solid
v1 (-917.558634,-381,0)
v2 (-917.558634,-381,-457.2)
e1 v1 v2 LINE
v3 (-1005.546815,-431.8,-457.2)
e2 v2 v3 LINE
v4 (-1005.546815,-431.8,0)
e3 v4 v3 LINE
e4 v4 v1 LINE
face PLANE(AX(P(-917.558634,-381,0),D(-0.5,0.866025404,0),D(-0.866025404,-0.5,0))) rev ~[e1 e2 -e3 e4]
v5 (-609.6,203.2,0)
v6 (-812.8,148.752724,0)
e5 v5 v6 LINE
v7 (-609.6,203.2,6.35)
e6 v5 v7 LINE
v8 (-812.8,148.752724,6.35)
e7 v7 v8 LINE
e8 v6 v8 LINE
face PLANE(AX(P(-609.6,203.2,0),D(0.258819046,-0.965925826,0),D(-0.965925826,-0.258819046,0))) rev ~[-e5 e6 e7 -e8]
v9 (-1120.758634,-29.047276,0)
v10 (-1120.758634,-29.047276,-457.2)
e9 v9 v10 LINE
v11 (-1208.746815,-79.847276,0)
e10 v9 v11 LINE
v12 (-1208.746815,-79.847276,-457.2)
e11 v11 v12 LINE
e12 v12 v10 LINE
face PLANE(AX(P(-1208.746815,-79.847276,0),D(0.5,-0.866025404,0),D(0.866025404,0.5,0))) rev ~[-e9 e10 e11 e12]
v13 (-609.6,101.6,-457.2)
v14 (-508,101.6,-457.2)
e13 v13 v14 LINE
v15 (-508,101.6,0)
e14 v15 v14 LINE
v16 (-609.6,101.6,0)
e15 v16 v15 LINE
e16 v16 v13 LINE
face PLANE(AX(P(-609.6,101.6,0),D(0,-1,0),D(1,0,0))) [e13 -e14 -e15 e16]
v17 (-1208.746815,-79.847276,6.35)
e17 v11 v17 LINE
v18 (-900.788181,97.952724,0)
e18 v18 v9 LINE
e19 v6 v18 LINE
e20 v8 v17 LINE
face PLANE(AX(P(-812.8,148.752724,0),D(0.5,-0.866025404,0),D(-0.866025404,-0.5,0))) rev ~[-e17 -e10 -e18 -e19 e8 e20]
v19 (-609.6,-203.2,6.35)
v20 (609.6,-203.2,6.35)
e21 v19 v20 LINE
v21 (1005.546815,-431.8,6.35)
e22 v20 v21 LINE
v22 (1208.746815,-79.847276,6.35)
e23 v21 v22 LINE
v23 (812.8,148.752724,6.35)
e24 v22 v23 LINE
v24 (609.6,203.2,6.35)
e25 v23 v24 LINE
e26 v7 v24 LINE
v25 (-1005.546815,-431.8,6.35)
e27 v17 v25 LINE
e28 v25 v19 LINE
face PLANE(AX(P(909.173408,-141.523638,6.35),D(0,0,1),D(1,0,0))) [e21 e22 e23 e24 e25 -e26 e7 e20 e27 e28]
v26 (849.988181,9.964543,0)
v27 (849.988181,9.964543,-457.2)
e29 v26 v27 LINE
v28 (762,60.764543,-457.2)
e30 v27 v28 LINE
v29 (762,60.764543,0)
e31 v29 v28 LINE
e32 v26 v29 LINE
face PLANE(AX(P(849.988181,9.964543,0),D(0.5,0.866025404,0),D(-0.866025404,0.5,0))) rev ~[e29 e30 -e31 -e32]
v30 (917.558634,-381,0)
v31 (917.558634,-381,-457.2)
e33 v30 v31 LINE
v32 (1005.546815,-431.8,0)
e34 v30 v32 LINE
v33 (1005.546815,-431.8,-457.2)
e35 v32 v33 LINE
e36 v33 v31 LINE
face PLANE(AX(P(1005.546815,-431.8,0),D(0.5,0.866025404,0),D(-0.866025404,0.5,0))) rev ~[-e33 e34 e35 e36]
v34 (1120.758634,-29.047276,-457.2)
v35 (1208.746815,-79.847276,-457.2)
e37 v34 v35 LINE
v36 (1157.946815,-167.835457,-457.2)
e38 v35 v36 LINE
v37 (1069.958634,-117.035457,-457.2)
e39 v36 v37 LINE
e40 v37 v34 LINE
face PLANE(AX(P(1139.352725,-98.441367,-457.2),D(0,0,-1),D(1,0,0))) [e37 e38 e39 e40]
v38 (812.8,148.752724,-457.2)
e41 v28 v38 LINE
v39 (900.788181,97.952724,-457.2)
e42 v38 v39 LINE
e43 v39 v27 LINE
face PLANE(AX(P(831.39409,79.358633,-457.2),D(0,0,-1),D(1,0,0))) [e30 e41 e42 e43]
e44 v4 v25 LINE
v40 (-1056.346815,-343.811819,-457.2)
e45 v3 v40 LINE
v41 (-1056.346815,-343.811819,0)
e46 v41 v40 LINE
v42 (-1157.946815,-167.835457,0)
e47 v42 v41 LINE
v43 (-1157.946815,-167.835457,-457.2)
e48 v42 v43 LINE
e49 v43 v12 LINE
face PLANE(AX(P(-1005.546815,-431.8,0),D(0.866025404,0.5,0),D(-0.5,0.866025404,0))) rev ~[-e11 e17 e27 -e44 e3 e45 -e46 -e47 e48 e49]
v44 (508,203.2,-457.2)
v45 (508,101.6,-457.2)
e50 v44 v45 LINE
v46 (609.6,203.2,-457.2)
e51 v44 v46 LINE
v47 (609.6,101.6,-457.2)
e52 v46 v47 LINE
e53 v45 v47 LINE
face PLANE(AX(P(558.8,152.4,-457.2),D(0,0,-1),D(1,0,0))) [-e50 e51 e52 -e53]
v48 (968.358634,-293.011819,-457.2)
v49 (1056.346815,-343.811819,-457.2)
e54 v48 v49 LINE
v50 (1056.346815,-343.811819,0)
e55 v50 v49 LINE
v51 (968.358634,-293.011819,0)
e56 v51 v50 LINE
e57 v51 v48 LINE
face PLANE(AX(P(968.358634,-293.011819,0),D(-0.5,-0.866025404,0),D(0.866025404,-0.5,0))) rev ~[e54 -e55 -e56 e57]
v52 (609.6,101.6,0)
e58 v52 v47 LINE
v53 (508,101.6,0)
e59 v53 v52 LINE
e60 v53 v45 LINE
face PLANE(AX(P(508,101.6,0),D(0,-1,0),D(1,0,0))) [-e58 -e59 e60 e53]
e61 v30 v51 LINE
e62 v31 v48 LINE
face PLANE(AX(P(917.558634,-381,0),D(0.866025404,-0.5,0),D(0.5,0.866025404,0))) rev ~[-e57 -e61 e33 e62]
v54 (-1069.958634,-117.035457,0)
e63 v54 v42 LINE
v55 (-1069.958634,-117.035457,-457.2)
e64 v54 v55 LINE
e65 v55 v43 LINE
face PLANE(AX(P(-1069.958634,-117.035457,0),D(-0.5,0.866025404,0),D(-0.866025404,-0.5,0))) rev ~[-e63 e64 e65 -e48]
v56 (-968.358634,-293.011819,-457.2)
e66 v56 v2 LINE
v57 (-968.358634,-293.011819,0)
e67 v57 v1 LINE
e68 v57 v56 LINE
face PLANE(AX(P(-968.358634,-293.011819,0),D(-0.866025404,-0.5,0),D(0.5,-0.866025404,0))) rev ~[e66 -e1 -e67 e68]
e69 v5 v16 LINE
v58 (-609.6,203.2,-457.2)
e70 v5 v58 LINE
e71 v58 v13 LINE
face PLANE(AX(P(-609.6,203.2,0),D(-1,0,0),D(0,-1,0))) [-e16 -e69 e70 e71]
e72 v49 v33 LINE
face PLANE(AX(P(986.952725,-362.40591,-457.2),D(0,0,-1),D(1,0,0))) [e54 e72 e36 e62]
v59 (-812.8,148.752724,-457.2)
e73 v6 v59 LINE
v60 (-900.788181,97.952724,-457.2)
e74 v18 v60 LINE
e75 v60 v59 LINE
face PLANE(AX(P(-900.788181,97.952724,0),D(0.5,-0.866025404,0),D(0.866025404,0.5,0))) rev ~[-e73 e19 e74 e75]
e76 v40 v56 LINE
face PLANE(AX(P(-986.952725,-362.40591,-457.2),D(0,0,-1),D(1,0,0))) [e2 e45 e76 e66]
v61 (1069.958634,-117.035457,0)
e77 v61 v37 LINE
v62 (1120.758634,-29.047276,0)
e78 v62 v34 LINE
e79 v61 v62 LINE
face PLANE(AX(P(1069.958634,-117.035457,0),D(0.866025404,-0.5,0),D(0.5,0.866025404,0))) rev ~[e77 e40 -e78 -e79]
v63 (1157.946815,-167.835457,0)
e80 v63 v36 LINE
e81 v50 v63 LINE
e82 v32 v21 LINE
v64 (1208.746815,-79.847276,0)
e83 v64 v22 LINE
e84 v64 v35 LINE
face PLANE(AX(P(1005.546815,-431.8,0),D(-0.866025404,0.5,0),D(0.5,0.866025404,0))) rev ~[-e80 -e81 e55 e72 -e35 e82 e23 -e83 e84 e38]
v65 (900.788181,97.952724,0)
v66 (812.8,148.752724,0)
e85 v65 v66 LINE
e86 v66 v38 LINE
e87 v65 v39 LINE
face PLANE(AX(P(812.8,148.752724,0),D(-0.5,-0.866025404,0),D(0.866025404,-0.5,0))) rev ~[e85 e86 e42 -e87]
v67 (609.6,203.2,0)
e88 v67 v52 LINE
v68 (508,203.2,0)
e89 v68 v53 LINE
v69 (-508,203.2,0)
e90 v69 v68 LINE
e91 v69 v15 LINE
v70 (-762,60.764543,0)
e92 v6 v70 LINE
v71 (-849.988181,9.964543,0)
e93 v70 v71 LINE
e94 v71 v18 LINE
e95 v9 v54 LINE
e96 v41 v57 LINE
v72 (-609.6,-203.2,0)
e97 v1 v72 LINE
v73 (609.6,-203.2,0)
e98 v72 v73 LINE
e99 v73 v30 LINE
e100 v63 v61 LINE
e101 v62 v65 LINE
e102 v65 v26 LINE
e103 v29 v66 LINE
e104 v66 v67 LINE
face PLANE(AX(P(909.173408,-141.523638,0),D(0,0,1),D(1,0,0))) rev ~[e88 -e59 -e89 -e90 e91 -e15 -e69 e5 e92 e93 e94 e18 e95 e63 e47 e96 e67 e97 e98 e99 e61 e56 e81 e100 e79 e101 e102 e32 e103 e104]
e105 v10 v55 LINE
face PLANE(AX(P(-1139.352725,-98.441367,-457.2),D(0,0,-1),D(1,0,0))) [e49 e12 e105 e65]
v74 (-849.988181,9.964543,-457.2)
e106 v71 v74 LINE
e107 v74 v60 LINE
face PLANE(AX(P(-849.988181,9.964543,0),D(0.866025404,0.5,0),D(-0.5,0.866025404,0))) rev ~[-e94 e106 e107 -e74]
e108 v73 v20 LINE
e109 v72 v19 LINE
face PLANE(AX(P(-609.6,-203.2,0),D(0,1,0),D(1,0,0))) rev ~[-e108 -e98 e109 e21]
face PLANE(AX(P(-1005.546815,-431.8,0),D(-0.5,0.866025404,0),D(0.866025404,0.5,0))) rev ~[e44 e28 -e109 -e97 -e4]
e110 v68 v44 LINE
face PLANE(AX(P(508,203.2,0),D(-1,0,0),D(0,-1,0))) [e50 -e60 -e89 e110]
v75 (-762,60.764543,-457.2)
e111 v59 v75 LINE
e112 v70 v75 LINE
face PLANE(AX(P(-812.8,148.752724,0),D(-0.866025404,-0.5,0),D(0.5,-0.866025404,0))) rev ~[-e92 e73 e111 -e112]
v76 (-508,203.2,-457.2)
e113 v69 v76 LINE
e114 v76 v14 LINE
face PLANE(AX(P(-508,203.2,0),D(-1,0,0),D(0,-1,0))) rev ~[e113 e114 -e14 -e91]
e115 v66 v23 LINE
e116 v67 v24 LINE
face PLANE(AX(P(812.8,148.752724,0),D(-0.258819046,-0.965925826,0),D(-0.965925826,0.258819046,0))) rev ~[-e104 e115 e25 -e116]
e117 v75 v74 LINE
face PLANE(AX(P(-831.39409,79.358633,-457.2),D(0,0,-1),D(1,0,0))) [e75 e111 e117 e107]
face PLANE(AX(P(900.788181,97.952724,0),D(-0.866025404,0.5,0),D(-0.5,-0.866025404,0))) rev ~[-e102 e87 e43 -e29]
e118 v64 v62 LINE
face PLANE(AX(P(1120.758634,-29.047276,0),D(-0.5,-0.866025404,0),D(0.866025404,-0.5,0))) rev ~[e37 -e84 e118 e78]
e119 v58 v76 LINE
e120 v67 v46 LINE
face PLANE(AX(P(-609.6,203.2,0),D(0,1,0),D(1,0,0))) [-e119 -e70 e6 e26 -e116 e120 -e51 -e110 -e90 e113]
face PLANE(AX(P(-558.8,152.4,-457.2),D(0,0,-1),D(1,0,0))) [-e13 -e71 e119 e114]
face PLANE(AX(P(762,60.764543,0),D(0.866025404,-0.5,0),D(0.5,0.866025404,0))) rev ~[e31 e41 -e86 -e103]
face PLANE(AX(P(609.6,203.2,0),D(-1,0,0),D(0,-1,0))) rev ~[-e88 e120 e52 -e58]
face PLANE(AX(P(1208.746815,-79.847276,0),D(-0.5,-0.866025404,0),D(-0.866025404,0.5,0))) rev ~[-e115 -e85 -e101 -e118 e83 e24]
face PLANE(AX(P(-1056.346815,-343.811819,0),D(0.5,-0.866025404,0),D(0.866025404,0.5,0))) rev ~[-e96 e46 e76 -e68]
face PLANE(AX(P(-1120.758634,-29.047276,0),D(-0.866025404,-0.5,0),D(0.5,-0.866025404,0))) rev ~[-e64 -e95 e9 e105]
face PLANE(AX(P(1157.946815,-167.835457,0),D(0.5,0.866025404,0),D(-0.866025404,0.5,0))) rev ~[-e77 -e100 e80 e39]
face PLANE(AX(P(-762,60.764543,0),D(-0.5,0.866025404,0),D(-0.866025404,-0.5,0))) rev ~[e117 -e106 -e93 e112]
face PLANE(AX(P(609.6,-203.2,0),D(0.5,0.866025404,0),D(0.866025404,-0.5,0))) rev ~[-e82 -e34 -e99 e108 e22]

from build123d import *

# Parameters (mm, degrees)
F0_W     = 1219.2
F0_H     = 406.4
F1_DEPTH = 6.35
F2_W     = 101.6
F2_H     = 101.6
F3_DEPTH = 457.2


with BuildPart() as f1:
    # F0 (on Top) → F1 (new body)
    with BuildSketch(Plane.XY):
        Polygon((812.8, 148.752724), (609.6, -203.2), (1005.546815, -431.8), (1208.746815, -79.847276), align=None)
        Polygon((812.8, 148.752724), (609.6, 203.2), (609.6, -203.2), align=None)
        Rectangle(F0_W, F0_H)
        Polygon((-609.6, -203.2), (-609.6, 203.2), (-812.8, 148.752724), align=None)
        Polygon((-1005.546815, -431.8), (-609.6, -203.2), (-812.8, 148.752724), (-1208.746815, -79.847276), align=None)
    extrude(amount=F1_DEPTH)

    # F2 (on face) → F3 (join)
    with BuildSketch(Plane(origin=(0, 0, 0), x_dir=(1, 0, 0), z_dir=(0, 0, -1))):
        Polygon((-968.358634, 293.011819), (-917.558634, 381), (-1005.546815, 431.8), (-1056.346815, 343.811819), align=None)
        Polygon((-1208.746815, 79.847276), (-1120.758634, 29.047276), (-1069.958634, 117.035457), (-1157.946815, 167.835457), align=None)
        Polygon((-900.788181, -97.952724), (-812.8, -148.752724), (-762, -60.764543), (-849.988181, -9.964543), align=None)
        with Locations((-558.8, -152.4)):
            Rectangle(F2_W, F2_H)
        Polygon((968.358634, 293.011819), (1056.346815, 343.811819), (1005.546815, 431.8), (917.558634, 381), align=None)
        Polygon((1120.758634, 29.047276), (1208.746815, 79.847276), (1157.946815, 167.835457), (1069.958634, 117.035457), align=None)
        Polygon((812.8, -148.752724), (900.788181, -97.952724), (849.988181, -9.964543), (762, -60.764543), align=None)
        with Locations((558.8, -152.4)):
            Rectangle(F2_W, F2_H)
    extrude(amount=F3_DEPTH)


solid = f1.part
